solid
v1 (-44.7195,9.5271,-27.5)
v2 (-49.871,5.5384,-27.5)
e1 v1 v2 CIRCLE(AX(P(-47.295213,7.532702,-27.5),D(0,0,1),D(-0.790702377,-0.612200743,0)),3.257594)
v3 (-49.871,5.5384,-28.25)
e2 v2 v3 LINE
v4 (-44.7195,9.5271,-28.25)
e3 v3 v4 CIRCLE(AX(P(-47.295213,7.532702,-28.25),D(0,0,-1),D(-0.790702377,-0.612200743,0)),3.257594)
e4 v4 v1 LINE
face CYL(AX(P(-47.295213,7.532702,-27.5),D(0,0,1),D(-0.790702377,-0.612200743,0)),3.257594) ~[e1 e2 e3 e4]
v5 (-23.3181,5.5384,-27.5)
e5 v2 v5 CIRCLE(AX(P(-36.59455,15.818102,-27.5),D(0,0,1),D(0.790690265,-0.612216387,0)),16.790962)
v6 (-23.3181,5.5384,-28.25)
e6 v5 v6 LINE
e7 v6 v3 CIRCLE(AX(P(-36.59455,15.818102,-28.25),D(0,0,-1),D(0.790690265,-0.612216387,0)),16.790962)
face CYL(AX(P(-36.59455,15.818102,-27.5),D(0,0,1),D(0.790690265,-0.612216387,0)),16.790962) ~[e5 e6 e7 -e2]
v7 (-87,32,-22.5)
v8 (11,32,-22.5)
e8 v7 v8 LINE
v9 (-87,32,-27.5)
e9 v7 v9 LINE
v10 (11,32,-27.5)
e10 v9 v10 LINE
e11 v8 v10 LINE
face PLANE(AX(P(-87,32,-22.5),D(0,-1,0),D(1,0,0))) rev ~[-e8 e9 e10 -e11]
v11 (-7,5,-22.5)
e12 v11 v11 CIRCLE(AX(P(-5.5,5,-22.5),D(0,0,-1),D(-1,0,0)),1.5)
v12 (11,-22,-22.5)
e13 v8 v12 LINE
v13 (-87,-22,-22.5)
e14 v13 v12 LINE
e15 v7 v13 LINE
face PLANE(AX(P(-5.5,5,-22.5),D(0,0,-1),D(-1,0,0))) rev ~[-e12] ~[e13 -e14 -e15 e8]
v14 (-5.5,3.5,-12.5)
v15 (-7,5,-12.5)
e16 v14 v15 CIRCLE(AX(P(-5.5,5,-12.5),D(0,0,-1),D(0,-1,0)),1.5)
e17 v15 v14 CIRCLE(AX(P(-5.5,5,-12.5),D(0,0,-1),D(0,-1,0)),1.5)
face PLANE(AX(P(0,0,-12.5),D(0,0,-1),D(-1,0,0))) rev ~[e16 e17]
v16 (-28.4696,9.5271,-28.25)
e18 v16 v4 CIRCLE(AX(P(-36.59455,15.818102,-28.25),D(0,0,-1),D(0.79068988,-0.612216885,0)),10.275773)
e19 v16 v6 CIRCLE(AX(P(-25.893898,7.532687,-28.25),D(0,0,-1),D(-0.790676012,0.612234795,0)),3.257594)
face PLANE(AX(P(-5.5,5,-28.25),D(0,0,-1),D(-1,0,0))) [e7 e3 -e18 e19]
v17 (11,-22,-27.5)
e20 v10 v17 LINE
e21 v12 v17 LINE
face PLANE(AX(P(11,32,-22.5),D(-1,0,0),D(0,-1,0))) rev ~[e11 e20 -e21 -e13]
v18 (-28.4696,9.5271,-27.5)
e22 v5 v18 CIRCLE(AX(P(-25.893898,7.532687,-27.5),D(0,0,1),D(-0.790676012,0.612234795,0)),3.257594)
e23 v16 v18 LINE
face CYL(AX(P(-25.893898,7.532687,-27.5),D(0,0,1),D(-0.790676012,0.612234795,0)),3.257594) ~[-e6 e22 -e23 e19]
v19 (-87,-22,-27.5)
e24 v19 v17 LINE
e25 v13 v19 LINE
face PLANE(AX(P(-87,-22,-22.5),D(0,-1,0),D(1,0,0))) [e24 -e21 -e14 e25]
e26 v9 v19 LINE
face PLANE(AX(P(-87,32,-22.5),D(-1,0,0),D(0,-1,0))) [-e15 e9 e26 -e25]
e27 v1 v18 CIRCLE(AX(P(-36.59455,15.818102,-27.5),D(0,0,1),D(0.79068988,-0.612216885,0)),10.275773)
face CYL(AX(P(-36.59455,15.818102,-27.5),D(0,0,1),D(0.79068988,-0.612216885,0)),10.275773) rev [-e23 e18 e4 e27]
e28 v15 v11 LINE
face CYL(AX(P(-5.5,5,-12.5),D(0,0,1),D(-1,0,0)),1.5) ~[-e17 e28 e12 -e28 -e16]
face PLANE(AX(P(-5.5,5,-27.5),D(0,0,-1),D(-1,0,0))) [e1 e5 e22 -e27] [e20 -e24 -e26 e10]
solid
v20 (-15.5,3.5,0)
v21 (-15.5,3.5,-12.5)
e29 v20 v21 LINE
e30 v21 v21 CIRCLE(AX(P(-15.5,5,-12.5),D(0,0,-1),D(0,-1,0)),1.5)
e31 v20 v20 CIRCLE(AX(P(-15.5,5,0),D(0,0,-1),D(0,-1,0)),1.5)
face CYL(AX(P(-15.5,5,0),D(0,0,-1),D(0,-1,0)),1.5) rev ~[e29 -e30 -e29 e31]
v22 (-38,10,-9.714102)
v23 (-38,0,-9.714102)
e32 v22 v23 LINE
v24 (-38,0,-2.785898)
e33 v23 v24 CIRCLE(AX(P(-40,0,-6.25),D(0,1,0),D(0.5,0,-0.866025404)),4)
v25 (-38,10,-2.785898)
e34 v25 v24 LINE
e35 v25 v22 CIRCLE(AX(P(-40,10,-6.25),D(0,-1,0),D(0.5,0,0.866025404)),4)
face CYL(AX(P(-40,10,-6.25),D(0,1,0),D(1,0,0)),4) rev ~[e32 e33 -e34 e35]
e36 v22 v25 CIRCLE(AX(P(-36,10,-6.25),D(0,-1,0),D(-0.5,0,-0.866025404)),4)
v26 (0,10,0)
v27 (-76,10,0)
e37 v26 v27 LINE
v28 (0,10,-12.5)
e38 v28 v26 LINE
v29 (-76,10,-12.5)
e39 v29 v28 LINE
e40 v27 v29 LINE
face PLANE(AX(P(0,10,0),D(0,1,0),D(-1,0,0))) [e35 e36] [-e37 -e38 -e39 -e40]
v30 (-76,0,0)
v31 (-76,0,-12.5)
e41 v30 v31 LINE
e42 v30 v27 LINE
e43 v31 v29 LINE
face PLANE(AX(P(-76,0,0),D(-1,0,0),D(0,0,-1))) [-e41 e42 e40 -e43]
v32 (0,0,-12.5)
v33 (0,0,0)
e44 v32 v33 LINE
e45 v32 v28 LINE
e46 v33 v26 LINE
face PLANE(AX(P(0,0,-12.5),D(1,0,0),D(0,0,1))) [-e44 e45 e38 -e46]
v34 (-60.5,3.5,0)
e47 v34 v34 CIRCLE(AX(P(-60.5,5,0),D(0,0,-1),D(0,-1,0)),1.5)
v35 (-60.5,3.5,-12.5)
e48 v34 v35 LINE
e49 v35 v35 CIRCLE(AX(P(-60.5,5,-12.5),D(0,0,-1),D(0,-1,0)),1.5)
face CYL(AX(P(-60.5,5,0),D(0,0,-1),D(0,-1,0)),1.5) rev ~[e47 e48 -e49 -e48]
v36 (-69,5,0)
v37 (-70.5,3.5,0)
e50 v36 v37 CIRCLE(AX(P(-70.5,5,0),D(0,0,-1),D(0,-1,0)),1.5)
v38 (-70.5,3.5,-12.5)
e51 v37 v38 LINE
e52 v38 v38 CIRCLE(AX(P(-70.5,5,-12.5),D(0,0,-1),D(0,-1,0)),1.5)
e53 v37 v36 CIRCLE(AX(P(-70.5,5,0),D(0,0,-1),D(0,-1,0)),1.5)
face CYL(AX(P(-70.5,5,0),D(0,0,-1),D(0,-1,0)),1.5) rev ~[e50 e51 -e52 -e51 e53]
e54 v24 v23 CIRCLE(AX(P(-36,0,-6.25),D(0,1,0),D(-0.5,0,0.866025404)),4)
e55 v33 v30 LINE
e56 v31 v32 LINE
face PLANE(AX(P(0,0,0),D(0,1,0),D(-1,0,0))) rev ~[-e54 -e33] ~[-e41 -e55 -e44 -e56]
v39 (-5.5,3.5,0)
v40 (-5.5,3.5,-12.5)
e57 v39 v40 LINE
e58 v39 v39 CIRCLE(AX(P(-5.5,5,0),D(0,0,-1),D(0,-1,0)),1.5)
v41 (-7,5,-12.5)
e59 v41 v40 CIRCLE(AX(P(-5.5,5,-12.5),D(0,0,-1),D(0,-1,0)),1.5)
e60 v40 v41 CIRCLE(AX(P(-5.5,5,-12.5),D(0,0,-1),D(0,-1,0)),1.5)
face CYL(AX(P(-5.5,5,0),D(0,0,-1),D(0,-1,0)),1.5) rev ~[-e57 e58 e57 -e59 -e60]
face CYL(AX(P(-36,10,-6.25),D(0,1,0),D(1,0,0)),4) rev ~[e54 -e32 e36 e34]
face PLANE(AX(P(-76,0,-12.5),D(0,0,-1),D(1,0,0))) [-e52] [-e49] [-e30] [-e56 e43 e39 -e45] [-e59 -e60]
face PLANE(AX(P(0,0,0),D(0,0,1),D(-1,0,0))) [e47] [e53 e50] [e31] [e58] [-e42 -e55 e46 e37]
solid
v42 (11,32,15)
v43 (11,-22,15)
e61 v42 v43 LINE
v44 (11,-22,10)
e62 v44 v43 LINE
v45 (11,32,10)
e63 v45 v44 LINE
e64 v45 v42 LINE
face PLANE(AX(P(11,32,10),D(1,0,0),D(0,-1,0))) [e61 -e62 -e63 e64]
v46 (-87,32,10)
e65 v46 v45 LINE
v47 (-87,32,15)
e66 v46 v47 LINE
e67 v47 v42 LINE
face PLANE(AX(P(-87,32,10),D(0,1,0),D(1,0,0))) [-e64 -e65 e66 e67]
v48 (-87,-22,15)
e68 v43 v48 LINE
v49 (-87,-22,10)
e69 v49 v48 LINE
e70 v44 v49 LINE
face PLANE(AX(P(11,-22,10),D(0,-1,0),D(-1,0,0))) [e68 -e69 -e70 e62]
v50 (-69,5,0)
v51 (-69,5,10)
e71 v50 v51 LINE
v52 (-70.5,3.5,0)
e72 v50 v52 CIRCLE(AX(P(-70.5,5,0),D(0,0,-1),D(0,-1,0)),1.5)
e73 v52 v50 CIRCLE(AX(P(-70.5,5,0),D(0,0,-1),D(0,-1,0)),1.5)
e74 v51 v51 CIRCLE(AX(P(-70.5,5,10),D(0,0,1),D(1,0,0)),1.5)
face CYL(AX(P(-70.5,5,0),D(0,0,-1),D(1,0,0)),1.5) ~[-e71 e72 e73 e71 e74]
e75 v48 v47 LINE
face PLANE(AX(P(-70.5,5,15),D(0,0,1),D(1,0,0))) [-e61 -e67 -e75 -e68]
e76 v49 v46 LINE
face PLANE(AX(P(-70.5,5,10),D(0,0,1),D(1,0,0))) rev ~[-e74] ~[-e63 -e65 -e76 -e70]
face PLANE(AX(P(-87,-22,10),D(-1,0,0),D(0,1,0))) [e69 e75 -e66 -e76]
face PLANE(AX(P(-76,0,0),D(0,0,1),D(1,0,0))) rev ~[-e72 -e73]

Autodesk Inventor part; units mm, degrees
ref_plane "YZ Plane" through (0, 0, 0) normal (1, 0, 0) x (0, 1, 0)
ref_plane "XZ Plane" through (0, 0, 0) normal (0, 1, 0) x (-1, 0, 0)
ref_plane "XY Plane" through (0, 0, 0) normal (0, 0, 1) x (1, 0, 0)
sketch "loadcell" plane through (0, 0, 0) normal (0, 1, 0) x (-1, 0, 0)
  line L0 (0, 0) -> (76, 0)
  line L1 (76, 0) -> (76, -12.5)
  line L2 (76, -12.5) -> (0, -12.5)
  line L3 (0, -12.5) -> (0, 0)
  point P0 (38, -6.25)
  dimension "d0" = 76
  dimension "d1" = 12.5
extrude "Base" add sketch "loadcell" along normal blind 10
sketch "Sketch3" plane through (0, 10, 0) normal (0, 1, 0) x (1, 0, 0)
  line L0 (-76, 12.5) -> (-76, 0) projected
  line L1 (-76, 6.25) -> (0, 6.25)
  line L2 (0, 12.5) -> (-76, 12.5) projected
  line L3 (-38, 12.5) -> (-38, 0)
  circle A0 centre (-36, 6.25) radius 4
  circle A1 centre (-40, 6.25) radius 4
  point P0 (0, 0)
  point P1 (-38, 6.25)
  point P2 (-38, 9.7141)
  point P3 (-38, 6.25)
  dimension "d4" = 8
  dimension "d5" = 8
  dimension "d8" = 2
  dimension "d9" = 2
extrude "Furo" cut sketch "Sketch3" against normal blind 10 contours A1 A0 L1 | L1 A0 A1 | A1 L1 L3 | L3 L1 A0 | A0 L1 A1 | L1 L3 A0 | A1 L1 A0 | L3 L1 A1
sketch "Sketch2" plane through (0, 10, 0) normal (0, 1, 0) x (1, 0, 0)
  line L0 (-76, 12.5) -> (-76, 0) projected
  line L1 (0, 0) -> (0, 12.5) projected
  point P0 (-38, 6.25)
sketch "Sketch4" plane through (-76, 0, 0) normal (0, 0, 1) x (1, 0, 0)
  line L0 (76, 0) -> (76, 10) projected
  line L1 (0, 0) -> (0, 10) projected
  line L2 (76, 10) -> (0, 10) projected
  line L3 (76, 0) -> (0, 0) projected
  line L4 (0, 0) -> (0, 10) projected
  line L5 (38, 10) -> (38, 0)
  point P0 (38, 5)
  point P1 (5.5, 5)
  point P2 (15.5, 5)
  point P3 (0, 5)
  point P4 (0, 5)
  point P5 (70.5, 5)
  point P6 (60.5, 5)
  dimension "d12" = 5.5
  dimension "d13" = 15.5
hole "Hole1" at (-70.5, 5, 0) at (-60.5, 5, 0) direction (0, 0, -1) diameter 3 end through all
thread "Thread1" size "M3x0.5" class "6H" standard "ANSI Metric M Profile" full length
thread "Thread2" size "M3x0.5" class "6H" standard "ANSI Metric M Profile" full length
thread "Thread3" size "M3x0.5" class "6H" standard "ANSI Metric M Profile" full length
hole "Hole2" at (-15.5, 5, 0) at (-5.5, 5, 0) direction (0, 0, -1) diameter 3 end through all
thread "Thread4" size "M3x0.5" class "6H" standard "ANSI Metric M Profile" full length
thread "Thread5" size "M3x0.5" class "6H" standard "ANSI Metric M Profile" full length
sketch "pino_de_baixo" plane through (-76, 0, 0) normal (0, 0, 1) x (1, 0, 0)
  circle A0 centre (5.5, 5) radius 1.5 projected
  circle A1 centre (5.5, 5) radius 1.5
  point P0 (76, 0)
extrude "parafuso/pino" add sketch "pino_de_baixo" along normal blind 10
sketch "Sketch6" plane through (-70.5, 5, 10) normal (0, 0, 1) x (1, 0, 0)
  line L0 (-16.5, 27) -> (81.5, 27)
  line L1 (81.5, 27) -> (81.5, -27)
  line L2 (81.5, -27) -> (-16.5, -27)
  line L3 (-16.5, -27) -> (-16.5, 27)
  dimension "d48" = 98
  dimension "d49" = 54
extrude "Extrusion4" add sketch "Sketch6" along normal blind 5
sketch "pino/furo/ima" plane through (0, 0, -12.5) normal (0, 0, -1) x (-1, 0, 0)
  circle A0 centre (5.5, 5) radius 1.5 projected
  circle A1 centre (5.5, 5) radius 1.5
  point P0 (0, 0)
extrude "Extrusion5" add sketch "pino/furo/ima" along normal blind 10
sketch "Sketch8" plane through (-5.5, 5, -22.5) normal (0, 0, -1) x (-1, 0, 0)
  line L0 (81.5, -27) -> (-16.5, -27) projected
  line L1 (81.5, 27) -> (81.5, -27) projected
  line L2 (-16.5, -27) -> (81.5, -27)
  line L3 (81.5, -27) -> (81.5, 27)
  line L4 (81.5, 27) -> (-16.5, 27)
  line L5 (-16.5, 27) -> (-16.5, -27)
  point P0 (-5.5, -5)
extrude "Extrusion6" add sketch "Sketch8" along normal blind 5
sketch "ima-neodimio" plane through (-5.5, 5, -27.5) normal (0, 0, -1) x (-1, 0, 0)
  line L0 (32.5, 5) -> (32.5, -5) projected
  arc A0 (32.5, -5) -> (53.9014, -5) centre (43.2007, 3.2853) ccw construction
  arc A1 (17.8181, 0.5384) -> (44.371, 0.5384) centre (31.0945, 10.818) ccw
  arc A2 (22.9696, 4.5271) -> (39.2195, 4.5271) centre (31.0945, 10.818) ccw
  arc A3 (22.9696, 4.5271) -> (17.8181, 0.5384) centre (20.3939, 2.5327) ccw
  arc A4 (44.371, 0.5384) -> (39.2195, 4.5271) centre (41.7952, 2.5327) ccw
extrude "Extrusion7" add sketch "ima-neodimio" along normal mid plane 1.5
properties part number "load_cell" material "Acetal Resin, Black"
